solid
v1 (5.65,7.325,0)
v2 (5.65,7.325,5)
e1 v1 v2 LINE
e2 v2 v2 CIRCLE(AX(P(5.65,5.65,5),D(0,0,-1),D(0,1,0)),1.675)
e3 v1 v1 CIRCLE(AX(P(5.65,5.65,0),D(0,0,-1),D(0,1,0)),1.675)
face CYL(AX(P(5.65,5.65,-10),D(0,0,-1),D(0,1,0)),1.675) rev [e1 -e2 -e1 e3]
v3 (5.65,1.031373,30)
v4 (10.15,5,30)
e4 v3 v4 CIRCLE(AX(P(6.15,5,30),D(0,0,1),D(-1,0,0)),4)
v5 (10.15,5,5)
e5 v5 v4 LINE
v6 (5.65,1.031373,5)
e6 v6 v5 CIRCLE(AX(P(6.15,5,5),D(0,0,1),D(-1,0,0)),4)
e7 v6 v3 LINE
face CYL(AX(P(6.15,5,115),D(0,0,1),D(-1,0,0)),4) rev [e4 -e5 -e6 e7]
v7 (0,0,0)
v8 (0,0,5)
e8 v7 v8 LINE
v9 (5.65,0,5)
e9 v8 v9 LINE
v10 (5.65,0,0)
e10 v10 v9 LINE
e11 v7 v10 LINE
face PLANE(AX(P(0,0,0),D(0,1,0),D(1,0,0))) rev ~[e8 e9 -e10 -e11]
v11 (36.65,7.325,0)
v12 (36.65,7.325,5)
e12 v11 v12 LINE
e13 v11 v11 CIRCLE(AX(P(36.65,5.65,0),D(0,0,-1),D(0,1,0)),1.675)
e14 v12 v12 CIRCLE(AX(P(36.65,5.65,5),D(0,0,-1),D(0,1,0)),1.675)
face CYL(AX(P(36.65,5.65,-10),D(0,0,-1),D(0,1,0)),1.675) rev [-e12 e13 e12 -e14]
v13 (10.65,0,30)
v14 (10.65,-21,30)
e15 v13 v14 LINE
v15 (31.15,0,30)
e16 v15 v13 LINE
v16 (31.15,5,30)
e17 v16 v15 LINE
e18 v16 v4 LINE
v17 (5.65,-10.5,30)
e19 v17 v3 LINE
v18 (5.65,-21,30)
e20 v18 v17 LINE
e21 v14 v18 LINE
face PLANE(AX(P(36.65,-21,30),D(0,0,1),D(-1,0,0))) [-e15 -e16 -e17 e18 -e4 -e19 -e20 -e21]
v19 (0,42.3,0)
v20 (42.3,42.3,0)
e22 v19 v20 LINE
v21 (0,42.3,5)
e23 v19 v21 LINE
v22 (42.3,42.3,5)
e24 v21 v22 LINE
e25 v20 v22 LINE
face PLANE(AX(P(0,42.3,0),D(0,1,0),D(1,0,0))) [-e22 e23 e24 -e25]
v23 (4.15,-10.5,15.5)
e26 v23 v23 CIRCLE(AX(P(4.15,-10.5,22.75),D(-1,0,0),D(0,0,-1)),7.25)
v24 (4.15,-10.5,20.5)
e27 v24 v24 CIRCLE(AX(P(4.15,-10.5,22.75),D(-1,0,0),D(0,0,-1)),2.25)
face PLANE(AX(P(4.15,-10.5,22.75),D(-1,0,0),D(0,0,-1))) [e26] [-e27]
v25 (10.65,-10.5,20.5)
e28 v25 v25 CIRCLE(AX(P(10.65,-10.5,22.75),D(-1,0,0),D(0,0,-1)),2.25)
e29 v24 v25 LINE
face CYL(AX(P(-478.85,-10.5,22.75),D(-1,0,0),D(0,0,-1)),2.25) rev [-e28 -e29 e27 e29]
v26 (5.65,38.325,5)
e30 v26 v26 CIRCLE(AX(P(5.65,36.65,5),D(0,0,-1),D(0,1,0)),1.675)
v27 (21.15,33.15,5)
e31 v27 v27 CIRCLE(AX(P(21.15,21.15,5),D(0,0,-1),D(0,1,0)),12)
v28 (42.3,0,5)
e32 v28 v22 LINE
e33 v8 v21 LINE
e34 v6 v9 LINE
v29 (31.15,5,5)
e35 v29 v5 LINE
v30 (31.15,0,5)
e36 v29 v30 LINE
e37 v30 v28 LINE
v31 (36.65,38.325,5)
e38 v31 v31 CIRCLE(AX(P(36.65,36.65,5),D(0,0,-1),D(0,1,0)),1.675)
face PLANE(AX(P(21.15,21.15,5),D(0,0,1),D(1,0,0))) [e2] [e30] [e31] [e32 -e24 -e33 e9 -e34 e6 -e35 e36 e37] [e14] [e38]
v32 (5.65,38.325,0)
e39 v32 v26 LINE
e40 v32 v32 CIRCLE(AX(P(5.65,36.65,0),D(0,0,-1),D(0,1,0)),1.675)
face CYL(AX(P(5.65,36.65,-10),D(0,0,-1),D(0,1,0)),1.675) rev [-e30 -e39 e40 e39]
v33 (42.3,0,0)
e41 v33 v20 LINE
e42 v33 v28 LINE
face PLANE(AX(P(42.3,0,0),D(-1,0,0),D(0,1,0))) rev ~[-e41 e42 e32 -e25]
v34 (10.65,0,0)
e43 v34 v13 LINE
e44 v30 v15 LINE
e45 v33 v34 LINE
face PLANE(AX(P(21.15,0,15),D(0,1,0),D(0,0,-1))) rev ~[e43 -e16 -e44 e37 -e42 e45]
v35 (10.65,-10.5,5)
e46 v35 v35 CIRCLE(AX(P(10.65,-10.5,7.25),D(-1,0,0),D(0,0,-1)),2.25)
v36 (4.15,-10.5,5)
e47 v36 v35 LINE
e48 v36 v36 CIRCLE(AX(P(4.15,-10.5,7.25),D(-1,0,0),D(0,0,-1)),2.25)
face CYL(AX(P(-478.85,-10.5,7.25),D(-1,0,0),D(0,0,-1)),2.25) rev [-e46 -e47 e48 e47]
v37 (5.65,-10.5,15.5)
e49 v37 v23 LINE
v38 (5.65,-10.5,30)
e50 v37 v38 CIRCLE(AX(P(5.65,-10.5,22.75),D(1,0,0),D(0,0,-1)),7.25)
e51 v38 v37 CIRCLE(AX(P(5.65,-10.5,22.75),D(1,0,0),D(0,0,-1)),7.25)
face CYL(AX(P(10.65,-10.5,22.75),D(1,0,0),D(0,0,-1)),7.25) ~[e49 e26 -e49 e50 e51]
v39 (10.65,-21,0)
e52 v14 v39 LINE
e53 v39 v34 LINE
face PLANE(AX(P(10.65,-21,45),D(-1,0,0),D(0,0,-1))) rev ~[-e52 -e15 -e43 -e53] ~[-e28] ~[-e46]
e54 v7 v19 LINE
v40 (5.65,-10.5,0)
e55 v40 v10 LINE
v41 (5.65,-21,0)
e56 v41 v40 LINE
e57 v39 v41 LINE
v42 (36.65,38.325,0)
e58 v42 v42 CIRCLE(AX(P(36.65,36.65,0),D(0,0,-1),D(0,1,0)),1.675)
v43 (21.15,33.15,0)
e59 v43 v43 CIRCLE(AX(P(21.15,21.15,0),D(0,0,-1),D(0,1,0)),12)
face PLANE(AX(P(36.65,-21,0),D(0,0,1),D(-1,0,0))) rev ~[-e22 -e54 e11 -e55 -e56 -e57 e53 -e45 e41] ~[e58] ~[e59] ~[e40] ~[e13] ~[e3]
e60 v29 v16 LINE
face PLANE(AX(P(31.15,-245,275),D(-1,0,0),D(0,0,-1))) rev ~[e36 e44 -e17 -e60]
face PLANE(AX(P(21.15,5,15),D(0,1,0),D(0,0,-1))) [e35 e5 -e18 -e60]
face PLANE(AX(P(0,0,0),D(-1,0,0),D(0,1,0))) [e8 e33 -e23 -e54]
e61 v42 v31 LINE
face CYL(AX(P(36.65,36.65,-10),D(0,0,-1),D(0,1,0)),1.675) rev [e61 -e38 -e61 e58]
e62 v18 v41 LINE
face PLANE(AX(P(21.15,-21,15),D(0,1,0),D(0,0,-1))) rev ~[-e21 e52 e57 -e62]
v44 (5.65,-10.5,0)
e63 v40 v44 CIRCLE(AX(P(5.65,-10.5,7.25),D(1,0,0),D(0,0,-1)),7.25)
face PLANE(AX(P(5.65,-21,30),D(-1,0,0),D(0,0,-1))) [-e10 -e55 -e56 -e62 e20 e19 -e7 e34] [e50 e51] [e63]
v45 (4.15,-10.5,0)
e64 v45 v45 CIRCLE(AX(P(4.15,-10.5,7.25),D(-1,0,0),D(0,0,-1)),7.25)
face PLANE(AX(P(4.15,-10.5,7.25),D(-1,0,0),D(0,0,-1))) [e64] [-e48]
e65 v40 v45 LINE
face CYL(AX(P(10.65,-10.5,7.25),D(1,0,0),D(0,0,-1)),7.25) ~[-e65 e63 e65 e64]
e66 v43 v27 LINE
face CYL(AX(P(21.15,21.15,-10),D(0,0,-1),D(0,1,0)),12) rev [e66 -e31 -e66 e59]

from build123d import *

# Parameters (mm, degrees)
CUBE003_W                     = 500
CUBE003_H                     = 500
CUBE003_DEPTH                 = 500
CYLINDER006_R                 = 2.25
CYLINDER006_DEPTH             = 1000
CYLINDER005_R                 = 2.25
CYLINDER005_DEPTH             = 1000
CYLINDER004_R                 = 7.25
CYLINDER004_DEPTH             = 6.5
CYLINDER003_R                 = 7.25
CYLINDER003_DEPTH             = 6.5
GROUP003_PLACEMENT_ANGLE      = 180
CYLINDER002_R                 = 7.25
CYLINDER002_DEPTH             = 6.5
CYLINDER001_R                 = 7.25
CYLINDER001_DEPTH             = 6.5
CYLINDER_R                    = 4
CYLINDER_DEPTH                = 200
CUBE002_W                     = 60
CUBE002_H                     = 21
CUBE002_DEPTH                 = 21
CUBE001_W                     = 30
CUBE001_H                     = 31
CUBE001_DEPTH                 = 26
DIFFERENCE002_PITCH_ANGLE     = 90
DIFFERENCE002_PLACEMENT_ANGLE = 90
REFINELINEAREXTRUDE_R         = 12
REFINELINEAREXTRUDE_R_2       = 1.675
LINEAREXTRUDE_DEPTH           = 20
CUBE_W                        = 42.3
CUBE_H                        = 42.3
CUBE_DEPTH                    = 5


with BuildPart() as cube003:
    # cube003 → cube003 (new body)
    with BuildSketch(Plane(origin=(-250, -510, -250), x_dir=(1, 0, 0), z_dir=(0, 0, 1))):
        with Locations((250, 250)):
            Rectangle(CUBE003_W, CUBE003_H)
    extrude(amount=CUBE003_DEPTH)


with BuildPart() as cylinder006:
    # cylinder006 → cylinder006 (new body)
    with BuildSketch(Plane(origin=(15.5, 500, 0), x_dir=(1, 0, 0), z_dir=(0, -1, 0))):
        Circle(CYLINDER006_R)
    extrude(amount=CYLINDER006_DEPTH)


with BuildPart() as union002:
    # cylinder005 → cylinder005 (new body)
    with BuildSketch(Plane.XZ.offset(-500)):
        Circle(CYLINDER005_R)
    extrude(amount=CYLINDER005_DEPTH)

    # Group005: union cylinder006
    add(cylinder006.part)


with BuildPart() as union002_1:
    # Group005 placement: moved
    add(union002.part.moved(Location((2.25, 0, -15.5))))

    # union002: union cube003
    add(cube003.part)


with BuildPart() as cylinder004:
    # cylinder004 → cylinder004 (new body)
    with BuildSketch(Plane(origin=(15.5, 0, 0), x_dir=(1, 0, 0), z_dir=(0, -1, 0))):
        Circle(CYLINDER004_R)
    extrude(amount=CYLINDER004_DEPTH)


with BuildPart() as group003:
    # cylinder003 → cylinder003 (new body)
    with BuildSketch(Plane.XZ):
        Circle(CYLINDER003_R)
    extrude(amount=CYLINDER003_DEPTH)

    # Group003: union cylinder004
    add(cylinder004.part)


with BuildPart() as group003_1:
    # Group003 placement: moved
    add(group003.part.moved(Location((2.25, 10.5, -15.5))).rotate(Axis((2.25, 10.5, -15.5), (1, 0, 0)), GROUP003_PLACEMENT_ANGLE))


with BuildPart() as cylinder002:
    # cylinder002 → cylinder002 (new body)
    with BuildSketch(Plane(origin=(15.5, 0, 0), x_dir=(1, 0, 0), z_dir=(0, -1, 0))):
        Circle(CYLINDER002_R)
    extrude(amount=CYLINDER002_DEPTH)


with BuildPart() as group004:
    # cylinder001 → cylinder001 (new body)
    with BuildSketch(Plane.XZ):
        Circle(CYLINDER001_R)
    extrude(amount=CYLINDER001_DEPTH)

    # Group002: union cylinder002
    add(cylinder002.part)


with BuildPart() as group004_1:
    # Group002 placement: moved
    add(group004.part.moved(Location((2.25, -10.5, -15.5))))

    # Group004: union Group003
    add(group003_1.part)


with BuildPart() as cylinder:
    # cylinder → cylinder (new body)
    with BuildSketch(Plane(origin=(-100, 15, 13), x_dir=(0, 1, 0), z_dir=(1, 0, 0))):
        Circle(CYLINDER_R)
    extrude(amount=CYLINDER_DEPTH)


with BuildPart() as union:
    # cube002 → cube002 (new body)
    with BuildSketch(Plane(origin=(-30, -10.5, -13), x_dir=(1, 0, 0), z_dir=(0, 0, 1))):
        with Locations((30, 10.5)):
            Rectangle(CUBE002_W, CUBE002_H)
    extrude(amount=CUBE002_DEPTH)

    # union: union cylinder
    add(cylinder.part)


with BuildPart() as difference002:
    # cube001 → cube001 (new body)
    with BuildSketch(Plane(origin=(-15, -15.5, -13), x_dir=(1, 0, 0), z_dir=(0, 0, 1))):
        with Locations((15, 15.5)):
            Rectangle(CUBE001_W, CUBE001_H)
    extrude(amount=CUBE001_DEPTH)

    # difference001: cut union
    add(union.part, mode=Mode.SUBTRACT)


with BuildPart() as difference002_1:
    # difference001 placement: moved
    add(difference002.part.moved(Location((10, 0, -13))))

    # union001: union Group004
    add(group004_1.part)

    # difference002: cut union002
    add(union002_1.part, mode=Mode.SUBTRACT)


with BuildPart() as difference002_2:
    # difference002 pitch: moved
    add(difference002_1.part.rotate(Axis((0, 0, 0), (0, 1, 0)), DIFFERENCE002_PITCH_ANGLE))


with BuildPart() as difference002_3:
    # difference002 placement: moved
    add(difference002_2.part.moved(Location((21.15, 5, 25))).rotate(Axis((21.15, 5, 25), (0, 0, 1)), DIFFERENCE002_PLACEMENT_ANGLE))


with BuildPart() as linearextrude:
    # RefineLinearExtrude → LinearExtrude (new body)
    with BuildSketch(Plane(origin=(0, 0, 0), x_dir=(0, 1, 0), z_dir=(0, 0, 1))):
        Circle(REFINELINEAREXTRUDE_R)
        with Locations((15.5, -15.5)):
            Circle(REFINELINEAREXTRUDE_R_2)
        with Locations((15.5, 15.5)):
            Circle(REFINELINEAREXTRUDE_R_2)
        with Locations((-15.5, 15.5)):
            Circle(REFINELINEAREXTRUDE_R_2)
        with Locations((-15.5, -15.5)):
            Circle(REFINELINEAREXTRUDE_R_2)
    extrude(amount=LINEAREXTRUDE_DEPTH)


with BuildPart() as linearextrude_1:
    # LinearExtrude placement: moved
    add(linearextrude.part.moved(Location((21.15, 21.15, -10))))


with BuildPart() as group006:
    # cube → cube (new body)
    with BuildSketch(Plane.XY):
        with Locations((21.15, 21.15)):
            Rectangle(CUBE_W, CUBE_H)
    extrude(amount=CUBE_DEPTH)

    # difference: cut LinearExtrude
    add(linearextrude_1.part, mode=Mode.SUBTRACT)

    # Group006: union difference002
    add(difference002_3.part)


solid = group006.part
